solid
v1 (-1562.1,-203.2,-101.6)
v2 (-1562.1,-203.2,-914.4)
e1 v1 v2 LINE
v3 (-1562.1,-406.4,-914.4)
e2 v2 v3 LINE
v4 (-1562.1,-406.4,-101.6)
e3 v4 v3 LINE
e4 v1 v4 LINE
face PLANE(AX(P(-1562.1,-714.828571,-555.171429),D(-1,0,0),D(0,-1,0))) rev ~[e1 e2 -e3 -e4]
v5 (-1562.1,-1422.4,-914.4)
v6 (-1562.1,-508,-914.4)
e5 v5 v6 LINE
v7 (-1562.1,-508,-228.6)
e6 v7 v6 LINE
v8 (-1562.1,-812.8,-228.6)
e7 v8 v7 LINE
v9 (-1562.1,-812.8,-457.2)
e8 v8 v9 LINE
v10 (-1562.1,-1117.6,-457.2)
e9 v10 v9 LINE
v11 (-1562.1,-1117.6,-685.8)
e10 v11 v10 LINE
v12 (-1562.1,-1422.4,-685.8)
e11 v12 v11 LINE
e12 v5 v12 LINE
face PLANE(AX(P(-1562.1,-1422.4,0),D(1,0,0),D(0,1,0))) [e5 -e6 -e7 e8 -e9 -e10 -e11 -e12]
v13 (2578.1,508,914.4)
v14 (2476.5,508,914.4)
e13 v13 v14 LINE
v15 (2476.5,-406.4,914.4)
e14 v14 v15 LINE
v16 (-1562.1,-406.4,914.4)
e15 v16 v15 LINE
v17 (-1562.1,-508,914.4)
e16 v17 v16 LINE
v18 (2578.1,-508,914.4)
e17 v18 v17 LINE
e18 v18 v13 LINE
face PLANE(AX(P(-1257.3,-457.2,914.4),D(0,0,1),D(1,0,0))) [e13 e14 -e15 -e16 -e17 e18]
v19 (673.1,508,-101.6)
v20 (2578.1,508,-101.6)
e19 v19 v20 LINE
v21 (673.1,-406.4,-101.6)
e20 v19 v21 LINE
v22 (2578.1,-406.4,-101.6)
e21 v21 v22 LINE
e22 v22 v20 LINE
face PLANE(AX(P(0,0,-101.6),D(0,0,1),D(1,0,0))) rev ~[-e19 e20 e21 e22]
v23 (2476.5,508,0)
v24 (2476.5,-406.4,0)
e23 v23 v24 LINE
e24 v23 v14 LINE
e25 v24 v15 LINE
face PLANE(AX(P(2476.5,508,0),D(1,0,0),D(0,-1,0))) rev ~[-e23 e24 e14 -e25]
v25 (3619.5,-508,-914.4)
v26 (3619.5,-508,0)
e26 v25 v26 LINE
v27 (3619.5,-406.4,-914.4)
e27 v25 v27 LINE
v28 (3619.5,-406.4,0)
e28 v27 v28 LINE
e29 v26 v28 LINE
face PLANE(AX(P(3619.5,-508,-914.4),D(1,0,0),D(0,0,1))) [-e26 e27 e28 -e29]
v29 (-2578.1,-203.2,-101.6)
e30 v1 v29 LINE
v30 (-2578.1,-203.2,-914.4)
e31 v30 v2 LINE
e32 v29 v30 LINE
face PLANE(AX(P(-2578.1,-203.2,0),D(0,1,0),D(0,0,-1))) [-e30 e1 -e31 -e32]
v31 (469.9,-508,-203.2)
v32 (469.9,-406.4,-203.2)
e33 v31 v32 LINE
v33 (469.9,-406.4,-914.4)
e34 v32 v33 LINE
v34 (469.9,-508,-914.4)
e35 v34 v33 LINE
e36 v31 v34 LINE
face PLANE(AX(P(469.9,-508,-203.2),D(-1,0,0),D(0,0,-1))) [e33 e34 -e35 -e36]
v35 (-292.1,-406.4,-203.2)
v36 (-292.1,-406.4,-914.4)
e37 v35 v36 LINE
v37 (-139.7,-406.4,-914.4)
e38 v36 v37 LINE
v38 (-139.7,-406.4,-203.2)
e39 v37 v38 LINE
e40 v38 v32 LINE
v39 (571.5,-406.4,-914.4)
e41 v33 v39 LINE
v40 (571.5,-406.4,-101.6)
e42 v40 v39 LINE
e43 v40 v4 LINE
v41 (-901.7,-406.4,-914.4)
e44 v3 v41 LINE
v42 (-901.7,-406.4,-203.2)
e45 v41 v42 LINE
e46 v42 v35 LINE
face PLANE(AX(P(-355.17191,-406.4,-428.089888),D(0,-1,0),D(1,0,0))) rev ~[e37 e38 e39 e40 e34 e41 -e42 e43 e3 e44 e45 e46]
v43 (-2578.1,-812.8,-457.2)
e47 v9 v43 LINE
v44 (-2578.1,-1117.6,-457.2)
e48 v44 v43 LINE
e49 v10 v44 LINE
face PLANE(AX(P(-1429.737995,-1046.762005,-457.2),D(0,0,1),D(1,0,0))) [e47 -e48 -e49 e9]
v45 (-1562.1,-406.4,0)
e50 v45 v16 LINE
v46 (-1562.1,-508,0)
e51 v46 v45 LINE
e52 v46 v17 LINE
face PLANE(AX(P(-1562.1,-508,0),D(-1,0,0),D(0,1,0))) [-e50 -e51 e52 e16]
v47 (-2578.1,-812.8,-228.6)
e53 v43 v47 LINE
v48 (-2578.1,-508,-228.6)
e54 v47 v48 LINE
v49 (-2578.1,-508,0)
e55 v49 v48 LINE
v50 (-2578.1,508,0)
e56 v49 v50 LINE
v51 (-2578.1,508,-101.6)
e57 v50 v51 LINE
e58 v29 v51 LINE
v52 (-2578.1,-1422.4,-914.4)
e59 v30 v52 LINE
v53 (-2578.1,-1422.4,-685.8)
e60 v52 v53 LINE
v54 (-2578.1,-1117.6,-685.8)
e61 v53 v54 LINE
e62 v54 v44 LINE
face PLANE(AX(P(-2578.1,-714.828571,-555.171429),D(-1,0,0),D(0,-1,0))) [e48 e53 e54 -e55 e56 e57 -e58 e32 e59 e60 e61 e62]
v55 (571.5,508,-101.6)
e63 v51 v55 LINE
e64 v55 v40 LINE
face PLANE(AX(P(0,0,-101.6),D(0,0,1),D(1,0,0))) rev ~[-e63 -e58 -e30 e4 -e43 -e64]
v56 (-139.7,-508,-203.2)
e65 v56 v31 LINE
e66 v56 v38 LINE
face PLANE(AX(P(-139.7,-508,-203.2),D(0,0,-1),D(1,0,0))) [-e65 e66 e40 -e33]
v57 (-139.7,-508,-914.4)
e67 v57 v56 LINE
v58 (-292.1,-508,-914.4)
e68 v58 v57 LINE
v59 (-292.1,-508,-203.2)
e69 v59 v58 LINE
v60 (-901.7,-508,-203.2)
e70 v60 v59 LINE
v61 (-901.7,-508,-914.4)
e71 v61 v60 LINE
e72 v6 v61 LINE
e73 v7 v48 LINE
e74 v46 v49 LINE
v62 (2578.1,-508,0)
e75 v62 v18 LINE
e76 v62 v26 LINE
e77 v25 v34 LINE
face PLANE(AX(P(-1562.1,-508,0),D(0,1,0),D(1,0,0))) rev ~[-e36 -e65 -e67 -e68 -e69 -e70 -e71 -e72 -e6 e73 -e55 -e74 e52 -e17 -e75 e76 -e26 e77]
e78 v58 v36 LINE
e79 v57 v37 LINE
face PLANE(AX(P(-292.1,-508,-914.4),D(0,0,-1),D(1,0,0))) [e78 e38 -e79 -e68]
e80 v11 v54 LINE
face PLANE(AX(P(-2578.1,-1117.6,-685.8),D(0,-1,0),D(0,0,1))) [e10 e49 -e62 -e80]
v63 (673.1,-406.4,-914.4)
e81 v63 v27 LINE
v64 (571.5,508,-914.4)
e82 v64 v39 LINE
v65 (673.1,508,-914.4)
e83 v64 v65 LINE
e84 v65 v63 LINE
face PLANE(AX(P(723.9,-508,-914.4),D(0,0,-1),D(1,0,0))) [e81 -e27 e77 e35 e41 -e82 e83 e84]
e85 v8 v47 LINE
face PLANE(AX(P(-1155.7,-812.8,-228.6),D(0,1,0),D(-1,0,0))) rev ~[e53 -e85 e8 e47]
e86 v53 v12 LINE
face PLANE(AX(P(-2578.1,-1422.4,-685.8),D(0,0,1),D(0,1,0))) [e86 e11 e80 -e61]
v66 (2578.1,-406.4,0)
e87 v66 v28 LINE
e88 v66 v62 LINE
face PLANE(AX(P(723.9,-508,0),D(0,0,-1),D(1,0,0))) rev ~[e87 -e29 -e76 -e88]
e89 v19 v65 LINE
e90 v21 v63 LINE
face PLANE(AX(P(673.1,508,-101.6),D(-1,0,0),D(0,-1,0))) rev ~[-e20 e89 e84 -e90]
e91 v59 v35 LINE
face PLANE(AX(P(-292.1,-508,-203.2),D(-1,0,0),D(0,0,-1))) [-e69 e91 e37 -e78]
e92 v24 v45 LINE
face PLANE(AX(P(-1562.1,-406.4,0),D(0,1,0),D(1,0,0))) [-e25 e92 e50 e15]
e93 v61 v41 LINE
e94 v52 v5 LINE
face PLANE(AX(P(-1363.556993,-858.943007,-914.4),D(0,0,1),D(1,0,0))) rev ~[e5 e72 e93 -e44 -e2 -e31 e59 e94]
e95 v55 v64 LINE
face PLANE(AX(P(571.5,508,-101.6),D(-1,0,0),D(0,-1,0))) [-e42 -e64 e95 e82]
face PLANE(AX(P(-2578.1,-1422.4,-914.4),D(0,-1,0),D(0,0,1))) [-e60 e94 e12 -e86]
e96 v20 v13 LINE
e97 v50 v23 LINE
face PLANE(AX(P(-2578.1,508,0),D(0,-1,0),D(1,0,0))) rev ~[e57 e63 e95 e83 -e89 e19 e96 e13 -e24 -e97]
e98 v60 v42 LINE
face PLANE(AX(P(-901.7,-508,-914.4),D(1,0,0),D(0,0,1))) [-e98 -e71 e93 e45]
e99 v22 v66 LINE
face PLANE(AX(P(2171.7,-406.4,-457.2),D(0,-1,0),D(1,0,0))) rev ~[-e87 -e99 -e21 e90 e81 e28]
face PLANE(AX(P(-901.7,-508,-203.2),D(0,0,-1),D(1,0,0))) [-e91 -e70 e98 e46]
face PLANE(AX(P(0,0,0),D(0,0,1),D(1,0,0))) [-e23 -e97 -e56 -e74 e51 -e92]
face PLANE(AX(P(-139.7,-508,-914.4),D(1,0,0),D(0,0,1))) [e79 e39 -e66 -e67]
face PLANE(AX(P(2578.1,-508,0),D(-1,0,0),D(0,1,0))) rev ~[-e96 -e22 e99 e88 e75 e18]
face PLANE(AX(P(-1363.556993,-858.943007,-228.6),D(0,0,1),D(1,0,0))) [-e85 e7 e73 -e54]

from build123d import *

# Parameters (mm, degrees)
F0_W      = 5156.2
F0_H      = 1016
F1_DEPTH  = 101.6
F3_DEPTH  = 1016
F5_DEPTH  = 101.6
F7_DEPTH  = 685.8
F9_DEPTH  = 228.6
F11_DEPTH = 228.6
F13_DEPTH = 914.4
F14_W     = 101.6
F14_H     = 914.4
F15_DEPTH = 812.8
F16_W     = 2895.6
F16_H     = 914.4
F17_DEPTH = 101.6
F18_W     = 609.6
F18_H     = 914.4
F19_DEPTH = 914.401
F20_W     = 609.6
F20_H     = 101.6
F21_DEPTH = 914.4


with BuildPart() as f1:
    # F0 (on Top) → F1 (new body)
    with BuildSketch(Plane.XY):
        Rectangle(F0_W, F0_H)
    extrude(amount=-F1_DEPTH)

    # F2 (on face) → F3 (join)
    with BuildSketch(Plane(origin=(-2578.1, 0, 0), x_dir=(0, -1, 0), z_dir=(-1, 0, 0))):
        Polygon((508, -228.6), (508, 0), (203.2, 0), (203.2, -914.4), (1422.4, -914.4), (1422.4, -685.8), (1117.6, -685.8), (1117.6, -457.2), (812.8, -457.2), (812.8, -228.6), align=None)
    extrude(amount=-F3_DEPTH)

    # F4 (on face) → F5 (join)
    with BuildSketch(Plane.XZ.offset(508)):
        Polygon((723.9, -101.6), (-1562.1, -101.6), (-1562.1, -228.6), (-1562.1, -914.4), (-901.7, -914.4), (-901.7, -203.2), (-292.1, -203.2), (-292.1, -914.4), (-139.7, -914.4), (-139.7, -203.2), (469.9, -203.2), (469.9, -914.4), (723.9, -914.4), align=None)
    extrude(amount=-F5_DEPTH)

    # F6 (on face) → F7 (join, through all)
    with BuildSketch(Plane.XY.offset(-228.6)):
        Polygon((-952.5, -508), (-1562.1, -508), (-1562.1, -1422.4), align=None)
    extrude(amount=-F7_DEPTH)

    # F8 (on face) → F9 (cut, through all)
    with BuildSketch(Plane.XY.offset(-228.6)):
        Polygon((-1155.7, -812.8), (-1562.1, -812.8), (-1562.1, -1422.4), align=None)
    extrude(amount=-F9_DEPTH, mode=Mode.SUBTRACT)

    # F10 (on face) → F11 (cut, through all)
    with BuildSketch(Plane.XY.offset(-457.2)):
        Polygon((-1358.9, -1117.6), (-1562.1, -1117.6), (-1562.1, -1422.4), align=None)
    extrude(amount=-F11_DEPTH, mode=Mode.SUBTRACT)

    # F12 (on face) → F13 (join)
    with BuildSketch(Plane.XY):
        Polygon((-952.5, -406.4), (-952.5, -508), (2578.1, -508), (2578.1, -406.4), (2578.1, 508), (2476.5, 508), (2476.5, -406.4), align=None)
    extrude(amount=F13_DEPTH)

    # F14 (on face) → F15 (join, through all)
    with BuildSketch(Plane(origin=(0, 0, -101.6), x_dir=(1, 0, 0), z_dir=(0, 0, -1))):
        with Locations((622.3, -50.8)):
            Rectangle(F14_W, F14_H)
    extrude(amount=F15_DEPTH)

    # F16 (on face) → F17 (join)
    with BuildSketch(Plane.XZ.offset(508)):
        with Locations((2171.7, -457.2)):
            Rectangle(F16_W, F16_H)
    extrude(amount=-F17_DEPTH)

    # F18 (on face) → F19 (cut, through all)
    with BuildSketch(Plane.XY):
        with Locations((-1257.3, -965.2)):
            Rectangle(F18_W, F18_H)
    extrude(amount=-F19_DEPTH, mode=Mode.SUBTRACT)

    # F20 (on face) → F21 (join, through all)
    with BuildSketch(Plane.XY):
        with Locations((-1257.3, -457.2)):
            Rectangle(F20_W, F20_H)
    extrude(amount=F21_DEPTH)


solid = f1.part
